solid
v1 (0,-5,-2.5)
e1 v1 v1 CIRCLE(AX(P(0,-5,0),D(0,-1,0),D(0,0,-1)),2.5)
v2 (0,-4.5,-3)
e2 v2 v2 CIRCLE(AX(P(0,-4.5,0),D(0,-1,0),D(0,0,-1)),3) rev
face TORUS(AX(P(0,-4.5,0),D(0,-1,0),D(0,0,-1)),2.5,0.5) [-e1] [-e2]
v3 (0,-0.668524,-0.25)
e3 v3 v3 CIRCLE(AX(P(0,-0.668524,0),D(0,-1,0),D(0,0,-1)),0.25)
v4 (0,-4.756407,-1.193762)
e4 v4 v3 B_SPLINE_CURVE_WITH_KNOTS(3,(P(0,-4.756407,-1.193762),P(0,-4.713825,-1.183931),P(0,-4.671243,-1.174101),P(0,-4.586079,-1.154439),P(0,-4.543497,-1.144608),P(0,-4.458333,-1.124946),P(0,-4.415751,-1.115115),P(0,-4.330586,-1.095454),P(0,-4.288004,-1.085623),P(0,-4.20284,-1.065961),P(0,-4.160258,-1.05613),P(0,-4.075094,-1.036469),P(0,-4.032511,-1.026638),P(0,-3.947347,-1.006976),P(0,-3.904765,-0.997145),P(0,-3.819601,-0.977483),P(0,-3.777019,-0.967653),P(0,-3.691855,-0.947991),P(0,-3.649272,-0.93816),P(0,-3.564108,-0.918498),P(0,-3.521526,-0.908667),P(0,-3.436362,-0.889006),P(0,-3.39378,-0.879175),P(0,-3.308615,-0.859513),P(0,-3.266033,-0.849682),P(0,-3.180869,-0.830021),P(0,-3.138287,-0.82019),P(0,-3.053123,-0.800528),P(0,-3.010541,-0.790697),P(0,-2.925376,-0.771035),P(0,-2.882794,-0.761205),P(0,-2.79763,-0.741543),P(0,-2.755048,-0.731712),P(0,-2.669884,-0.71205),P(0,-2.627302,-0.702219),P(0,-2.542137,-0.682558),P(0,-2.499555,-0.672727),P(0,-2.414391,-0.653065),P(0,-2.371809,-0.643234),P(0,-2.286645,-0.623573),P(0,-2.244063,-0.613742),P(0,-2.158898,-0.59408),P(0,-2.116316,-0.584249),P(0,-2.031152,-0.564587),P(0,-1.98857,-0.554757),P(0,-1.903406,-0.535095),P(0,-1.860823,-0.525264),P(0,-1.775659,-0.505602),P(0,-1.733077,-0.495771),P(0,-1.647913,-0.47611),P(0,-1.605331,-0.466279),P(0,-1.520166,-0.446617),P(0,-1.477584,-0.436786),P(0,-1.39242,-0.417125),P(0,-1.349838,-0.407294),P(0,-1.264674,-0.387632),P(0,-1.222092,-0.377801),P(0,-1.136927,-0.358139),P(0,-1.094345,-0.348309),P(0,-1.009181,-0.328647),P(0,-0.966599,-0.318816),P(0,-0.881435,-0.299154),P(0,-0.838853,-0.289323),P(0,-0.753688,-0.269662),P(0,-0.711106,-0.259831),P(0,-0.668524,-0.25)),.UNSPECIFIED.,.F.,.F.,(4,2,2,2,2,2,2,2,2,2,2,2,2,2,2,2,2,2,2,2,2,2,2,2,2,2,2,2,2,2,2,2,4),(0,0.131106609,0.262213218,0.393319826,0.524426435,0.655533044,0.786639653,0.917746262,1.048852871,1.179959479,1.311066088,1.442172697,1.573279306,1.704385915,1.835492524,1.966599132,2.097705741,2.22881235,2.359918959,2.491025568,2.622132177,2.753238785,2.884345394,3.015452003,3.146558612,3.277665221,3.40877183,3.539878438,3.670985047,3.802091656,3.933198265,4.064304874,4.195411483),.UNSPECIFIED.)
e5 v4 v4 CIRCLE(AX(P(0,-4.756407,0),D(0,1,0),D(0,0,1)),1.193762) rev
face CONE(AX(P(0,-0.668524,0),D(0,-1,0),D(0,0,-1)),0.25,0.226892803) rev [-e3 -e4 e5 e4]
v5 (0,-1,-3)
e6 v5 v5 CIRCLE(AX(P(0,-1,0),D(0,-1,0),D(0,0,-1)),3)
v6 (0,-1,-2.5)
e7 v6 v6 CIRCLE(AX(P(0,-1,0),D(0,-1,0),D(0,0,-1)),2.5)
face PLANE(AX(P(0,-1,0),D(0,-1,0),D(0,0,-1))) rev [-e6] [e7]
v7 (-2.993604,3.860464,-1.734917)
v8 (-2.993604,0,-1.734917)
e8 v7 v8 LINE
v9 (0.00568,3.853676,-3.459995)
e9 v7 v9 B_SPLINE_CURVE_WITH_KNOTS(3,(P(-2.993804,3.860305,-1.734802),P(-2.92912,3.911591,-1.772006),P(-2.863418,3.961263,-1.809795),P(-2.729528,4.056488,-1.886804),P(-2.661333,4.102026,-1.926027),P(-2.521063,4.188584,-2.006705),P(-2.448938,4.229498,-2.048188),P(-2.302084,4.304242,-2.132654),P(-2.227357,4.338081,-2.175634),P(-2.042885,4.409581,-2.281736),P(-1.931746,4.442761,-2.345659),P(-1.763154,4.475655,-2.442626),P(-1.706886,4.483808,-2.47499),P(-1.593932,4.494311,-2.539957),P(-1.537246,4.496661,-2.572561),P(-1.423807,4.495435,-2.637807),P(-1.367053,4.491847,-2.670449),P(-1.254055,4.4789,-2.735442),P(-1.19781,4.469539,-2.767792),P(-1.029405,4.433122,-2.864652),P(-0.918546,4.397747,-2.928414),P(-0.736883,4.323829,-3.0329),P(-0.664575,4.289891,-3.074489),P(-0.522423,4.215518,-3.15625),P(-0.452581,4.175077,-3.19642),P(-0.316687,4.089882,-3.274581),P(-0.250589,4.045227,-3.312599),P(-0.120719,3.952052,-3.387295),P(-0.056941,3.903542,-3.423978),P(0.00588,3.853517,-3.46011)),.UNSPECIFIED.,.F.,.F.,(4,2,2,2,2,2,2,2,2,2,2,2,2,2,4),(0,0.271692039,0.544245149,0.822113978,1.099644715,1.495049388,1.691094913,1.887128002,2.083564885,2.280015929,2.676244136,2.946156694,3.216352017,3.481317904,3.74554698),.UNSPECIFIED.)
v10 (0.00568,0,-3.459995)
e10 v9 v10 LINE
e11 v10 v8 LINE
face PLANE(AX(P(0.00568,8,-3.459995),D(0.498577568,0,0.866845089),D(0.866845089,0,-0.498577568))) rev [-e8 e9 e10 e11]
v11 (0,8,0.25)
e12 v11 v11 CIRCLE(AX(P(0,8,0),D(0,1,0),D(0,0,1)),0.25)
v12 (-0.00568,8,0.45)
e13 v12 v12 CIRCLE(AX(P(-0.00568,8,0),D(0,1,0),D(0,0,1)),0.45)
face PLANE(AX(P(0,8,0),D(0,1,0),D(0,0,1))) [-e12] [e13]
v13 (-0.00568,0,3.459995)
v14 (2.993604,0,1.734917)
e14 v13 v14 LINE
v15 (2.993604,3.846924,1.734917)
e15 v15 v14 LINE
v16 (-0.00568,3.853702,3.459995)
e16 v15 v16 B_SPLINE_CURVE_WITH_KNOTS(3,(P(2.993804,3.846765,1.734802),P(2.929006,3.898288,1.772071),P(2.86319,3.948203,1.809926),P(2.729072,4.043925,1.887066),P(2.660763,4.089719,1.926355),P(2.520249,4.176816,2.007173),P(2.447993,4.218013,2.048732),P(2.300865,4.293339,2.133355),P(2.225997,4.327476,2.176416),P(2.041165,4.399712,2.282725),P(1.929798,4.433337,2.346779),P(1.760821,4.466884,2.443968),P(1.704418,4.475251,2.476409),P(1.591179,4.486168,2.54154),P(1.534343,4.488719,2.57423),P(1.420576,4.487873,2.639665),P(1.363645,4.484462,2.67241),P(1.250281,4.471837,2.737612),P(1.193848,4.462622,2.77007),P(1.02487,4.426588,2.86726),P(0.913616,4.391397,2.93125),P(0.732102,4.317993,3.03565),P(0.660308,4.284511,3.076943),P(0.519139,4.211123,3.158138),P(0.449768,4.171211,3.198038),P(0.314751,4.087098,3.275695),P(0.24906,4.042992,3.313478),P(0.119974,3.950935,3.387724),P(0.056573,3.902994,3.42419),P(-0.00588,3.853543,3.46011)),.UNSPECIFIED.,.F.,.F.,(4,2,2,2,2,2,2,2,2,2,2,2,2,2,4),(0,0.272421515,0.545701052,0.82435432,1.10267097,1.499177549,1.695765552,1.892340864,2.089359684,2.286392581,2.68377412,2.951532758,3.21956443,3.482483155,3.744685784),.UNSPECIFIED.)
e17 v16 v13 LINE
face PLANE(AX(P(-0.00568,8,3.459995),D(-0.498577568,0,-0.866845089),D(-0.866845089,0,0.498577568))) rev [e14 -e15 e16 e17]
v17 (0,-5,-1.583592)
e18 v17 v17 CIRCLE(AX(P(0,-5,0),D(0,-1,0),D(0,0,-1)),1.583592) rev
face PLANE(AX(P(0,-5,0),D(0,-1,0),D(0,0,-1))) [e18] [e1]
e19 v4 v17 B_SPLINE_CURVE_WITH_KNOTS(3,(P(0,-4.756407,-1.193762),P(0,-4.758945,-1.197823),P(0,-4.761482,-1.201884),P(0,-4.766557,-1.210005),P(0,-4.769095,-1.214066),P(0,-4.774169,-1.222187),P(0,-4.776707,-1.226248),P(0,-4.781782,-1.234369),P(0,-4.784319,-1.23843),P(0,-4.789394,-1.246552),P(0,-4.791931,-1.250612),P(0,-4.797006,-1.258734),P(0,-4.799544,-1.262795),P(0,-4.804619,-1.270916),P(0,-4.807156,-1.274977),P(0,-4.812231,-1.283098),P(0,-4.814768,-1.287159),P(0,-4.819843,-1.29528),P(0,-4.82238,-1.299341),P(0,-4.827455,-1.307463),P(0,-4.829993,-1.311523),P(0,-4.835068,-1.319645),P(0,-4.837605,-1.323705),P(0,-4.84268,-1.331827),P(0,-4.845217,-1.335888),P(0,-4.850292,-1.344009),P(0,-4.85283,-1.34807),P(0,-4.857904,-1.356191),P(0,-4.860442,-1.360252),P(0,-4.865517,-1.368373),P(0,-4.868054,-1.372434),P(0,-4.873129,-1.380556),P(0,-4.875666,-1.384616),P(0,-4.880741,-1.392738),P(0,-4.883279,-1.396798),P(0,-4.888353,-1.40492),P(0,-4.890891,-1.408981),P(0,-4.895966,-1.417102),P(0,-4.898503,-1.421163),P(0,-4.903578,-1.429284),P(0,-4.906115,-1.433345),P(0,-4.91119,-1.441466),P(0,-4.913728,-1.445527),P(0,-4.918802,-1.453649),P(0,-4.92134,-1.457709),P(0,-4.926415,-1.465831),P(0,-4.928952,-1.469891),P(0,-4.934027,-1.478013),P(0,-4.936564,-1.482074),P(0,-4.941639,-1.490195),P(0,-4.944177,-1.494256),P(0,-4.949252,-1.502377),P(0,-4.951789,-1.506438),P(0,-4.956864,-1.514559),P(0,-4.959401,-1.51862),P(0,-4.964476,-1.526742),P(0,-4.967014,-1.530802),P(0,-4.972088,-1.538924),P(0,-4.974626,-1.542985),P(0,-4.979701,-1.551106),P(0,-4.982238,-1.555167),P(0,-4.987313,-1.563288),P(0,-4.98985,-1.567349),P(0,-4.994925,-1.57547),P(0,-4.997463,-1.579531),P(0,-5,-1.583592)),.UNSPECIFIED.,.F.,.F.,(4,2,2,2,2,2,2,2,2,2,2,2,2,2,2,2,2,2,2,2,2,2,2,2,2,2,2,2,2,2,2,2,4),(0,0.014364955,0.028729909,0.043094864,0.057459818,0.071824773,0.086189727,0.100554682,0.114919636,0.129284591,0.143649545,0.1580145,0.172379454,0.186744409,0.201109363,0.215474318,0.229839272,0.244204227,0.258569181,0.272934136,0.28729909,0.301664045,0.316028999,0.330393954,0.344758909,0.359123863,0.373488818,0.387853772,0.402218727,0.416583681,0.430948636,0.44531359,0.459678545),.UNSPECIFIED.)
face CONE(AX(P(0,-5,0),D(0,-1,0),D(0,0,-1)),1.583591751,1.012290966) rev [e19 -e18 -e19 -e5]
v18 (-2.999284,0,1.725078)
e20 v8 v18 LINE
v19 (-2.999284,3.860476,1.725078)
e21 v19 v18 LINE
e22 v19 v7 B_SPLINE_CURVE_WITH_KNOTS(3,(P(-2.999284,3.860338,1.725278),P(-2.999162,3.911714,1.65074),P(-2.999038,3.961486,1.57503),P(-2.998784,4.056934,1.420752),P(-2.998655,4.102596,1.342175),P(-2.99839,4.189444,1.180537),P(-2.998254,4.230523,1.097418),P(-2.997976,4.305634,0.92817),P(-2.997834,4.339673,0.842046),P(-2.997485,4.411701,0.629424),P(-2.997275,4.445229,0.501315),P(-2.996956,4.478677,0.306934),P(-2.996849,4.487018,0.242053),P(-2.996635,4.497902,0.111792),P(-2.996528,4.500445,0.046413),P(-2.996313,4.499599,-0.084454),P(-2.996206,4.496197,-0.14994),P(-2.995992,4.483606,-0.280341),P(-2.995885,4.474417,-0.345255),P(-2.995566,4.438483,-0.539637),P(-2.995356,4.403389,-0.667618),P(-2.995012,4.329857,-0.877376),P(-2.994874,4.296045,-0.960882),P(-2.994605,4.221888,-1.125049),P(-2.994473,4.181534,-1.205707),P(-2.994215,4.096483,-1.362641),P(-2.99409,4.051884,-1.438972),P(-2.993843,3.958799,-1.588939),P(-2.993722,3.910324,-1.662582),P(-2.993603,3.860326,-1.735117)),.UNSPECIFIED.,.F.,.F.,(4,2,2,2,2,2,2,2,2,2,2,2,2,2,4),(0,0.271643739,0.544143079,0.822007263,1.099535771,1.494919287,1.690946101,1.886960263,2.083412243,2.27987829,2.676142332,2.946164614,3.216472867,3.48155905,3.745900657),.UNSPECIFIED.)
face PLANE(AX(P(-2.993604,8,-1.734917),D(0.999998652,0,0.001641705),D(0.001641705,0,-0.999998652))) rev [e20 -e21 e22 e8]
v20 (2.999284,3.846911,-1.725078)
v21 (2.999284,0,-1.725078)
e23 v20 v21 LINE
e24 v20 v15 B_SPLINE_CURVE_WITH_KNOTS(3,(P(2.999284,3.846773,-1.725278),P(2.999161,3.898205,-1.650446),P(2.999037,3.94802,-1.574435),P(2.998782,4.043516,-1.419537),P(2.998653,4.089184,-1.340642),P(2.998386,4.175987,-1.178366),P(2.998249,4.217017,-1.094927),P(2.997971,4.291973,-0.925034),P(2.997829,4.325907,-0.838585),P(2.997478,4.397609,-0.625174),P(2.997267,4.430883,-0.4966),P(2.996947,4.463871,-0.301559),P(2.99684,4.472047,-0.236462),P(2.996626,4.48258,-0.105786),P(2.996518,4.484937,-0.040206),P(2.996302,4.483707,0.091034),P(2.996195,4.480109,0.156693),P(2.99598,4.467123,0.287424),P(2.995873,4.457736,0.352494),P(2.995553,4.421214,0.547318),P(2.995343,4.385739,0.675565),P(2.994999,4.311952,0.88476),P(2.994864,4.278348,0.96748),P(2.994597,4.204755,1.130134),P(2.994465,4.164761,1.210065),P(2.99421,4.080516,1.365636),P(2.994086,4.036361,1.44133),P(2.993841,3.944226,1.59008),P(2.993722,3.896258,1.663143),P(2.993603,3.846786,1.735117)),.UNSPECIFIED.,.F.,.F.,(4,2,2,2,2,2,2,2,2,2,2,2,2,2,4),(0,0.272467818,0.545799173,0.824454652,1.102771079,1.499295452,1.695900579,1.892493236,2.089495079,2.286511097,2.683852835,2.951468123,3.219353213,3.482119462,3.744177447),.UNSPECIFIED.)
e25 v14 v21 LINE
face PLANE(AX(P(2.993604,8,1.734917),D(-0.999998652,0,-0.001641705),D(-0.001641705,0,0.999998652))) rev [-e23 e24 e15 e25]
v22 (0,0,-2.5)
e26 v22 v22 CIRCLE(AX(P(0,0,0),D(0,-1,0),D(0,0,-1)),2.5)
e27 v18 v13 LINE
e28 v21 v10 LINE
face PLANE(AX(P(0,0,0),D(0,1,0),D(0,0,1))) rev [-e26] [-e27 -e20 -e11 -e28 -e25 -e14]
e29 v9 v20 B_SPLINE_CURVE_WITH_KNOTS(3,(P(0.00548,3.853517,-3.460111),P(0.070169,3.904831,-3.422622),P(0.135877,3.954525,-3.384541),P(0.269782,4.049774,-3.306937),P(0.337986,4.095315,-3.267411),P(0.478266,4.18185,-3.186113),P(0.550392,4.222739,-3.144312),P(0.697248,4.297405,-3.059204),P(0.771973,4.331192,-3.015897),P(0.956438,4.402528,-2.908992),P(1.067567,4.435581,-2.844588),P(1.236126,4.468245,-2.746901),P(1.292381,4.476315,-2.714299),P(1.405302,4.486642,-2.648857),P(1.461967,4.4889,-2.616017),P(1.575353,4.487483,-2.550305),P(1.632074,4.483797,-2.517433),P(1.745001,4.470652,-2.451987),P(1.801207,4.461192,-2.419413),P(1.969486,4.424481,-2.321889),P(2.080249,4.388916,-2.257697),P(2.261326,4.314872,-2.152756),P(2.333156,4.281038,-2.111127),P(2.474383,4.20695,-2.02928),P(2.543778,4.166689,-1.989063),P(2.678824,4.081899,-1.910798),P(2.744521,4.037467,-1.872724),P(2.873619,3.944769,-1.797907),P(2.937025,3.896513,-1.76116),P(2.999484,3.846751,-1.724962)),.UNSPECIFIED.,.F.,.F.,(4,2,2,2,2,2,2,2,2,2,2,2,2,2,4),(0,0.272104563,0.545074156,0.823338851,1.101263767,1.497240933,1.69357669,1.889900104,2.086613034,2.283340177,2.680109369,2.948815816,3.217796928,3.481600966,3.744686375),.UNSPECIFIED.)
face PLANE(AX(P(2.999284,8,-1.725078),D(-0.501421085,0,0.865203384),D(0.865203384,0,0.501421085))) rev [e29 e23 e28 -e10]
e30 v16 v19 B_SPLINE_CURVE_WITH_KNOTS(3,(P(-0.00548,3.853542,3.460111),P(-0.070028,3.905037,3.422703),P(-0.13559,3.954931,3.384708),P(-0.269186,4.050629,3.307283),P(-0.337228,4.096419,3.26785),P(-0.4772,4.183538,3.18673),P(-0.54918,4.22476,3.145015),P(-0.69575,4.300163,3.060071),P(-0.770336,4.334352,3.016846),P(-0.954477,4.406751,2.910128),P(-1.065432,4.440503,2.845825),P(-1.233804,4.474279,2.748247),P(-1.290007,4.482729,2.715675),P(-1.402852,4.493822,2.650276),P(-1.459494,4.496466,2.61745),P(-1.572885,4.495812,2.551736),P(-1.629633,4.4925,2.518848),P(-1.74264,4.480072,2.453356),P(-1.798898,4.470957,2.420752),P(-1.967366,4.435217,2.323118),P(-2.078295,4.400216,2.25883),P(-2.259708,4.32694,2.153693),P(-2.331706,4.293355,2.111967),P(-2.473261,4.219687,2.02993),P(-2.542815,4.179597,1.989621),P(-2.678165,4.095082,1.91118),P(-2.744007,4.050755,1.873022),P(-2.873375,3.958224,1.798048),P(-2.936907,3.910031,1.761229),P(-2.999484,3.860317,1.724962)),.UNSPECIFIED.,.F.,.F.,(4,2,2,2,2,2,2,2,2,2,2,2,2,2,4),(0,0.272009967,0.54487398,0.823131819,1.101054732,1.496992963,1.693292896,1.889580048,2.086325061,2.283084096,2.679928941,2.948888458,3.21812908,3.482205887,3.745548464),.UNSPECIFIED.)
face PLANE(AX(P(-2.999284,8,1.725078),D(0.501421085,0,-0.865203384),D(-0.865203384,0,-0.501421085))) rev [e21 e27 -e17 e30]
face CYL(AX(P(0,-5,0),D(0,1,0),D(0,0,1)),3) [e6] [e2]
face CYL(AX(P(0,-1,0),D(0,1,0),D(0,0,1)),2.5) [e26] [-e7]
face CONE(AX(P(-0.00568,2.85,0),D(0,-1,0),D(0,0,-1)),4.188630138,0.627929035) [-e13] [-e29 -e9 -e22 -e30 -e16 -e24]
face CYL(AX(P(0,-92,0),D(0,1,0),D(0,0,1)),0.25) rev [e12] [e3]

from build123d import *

# Parameters (mm, degrees)
BOSS_EXTRUDE1_DEPTH = 8
SKETCH3_R           = 2.5
BOSS_EXTRUDE2_DEPTH = 1
SKETCH4_R           = 3
BOSS_EXTRUDE3_DEPTH = 4
FILLET1_R           = 0.5
SKETCH5_R           = 0.25
CUT_EXTRUDE1_DEPTH  = 100
CHAMFER1_SIZE       = 1
CHAMFER1_SIZE2      = 4.331475874
CHAMFER2_SIZE       = 0.25
CHAMFER2_SIZE2      = 0.333591751


with BuildPart() as part:
    # Sketch1 → Boss-Extrude1 (new body)
    with BuildSketch(Plane(origin=(0, 0, 0), x_dir=(1, 0, 0), z_dir=(0, 1, 0))):
        Polygon((-2.999284009, -1.725078384), (-0.0056803, -3.459995337), (2.993603709, -1.734916953), (2.999284009, 1.725078384), (0.0056803, 3.459995337), (-2.993603709, 1.734916953), align=None)
    extrude(amount=BOSS_EXTRUDE1_DEPTH)

    # Sketch2 → Cut-Revolve2 (revolve, cut)
    with BuildSketch(Plane.XY, mode=Mode.PRIVATE) as cut_revolve2_sk:
        Polygon((-0.4556803, 8), (-4.194310439, 2.85), (-4.194310439, 8), align=None)
    revolve(cut_revolve2_sk.sketch.rotate(Axis((-0.0056803, 8, 0), (0, -1, 0)), 90.188125981), axis=Axis((-0.0056803, 8, 0), (0, -1, 0)), mode=Mode.SUBTRACT)

    # Sketch3 → Boss-Extrude2 (add)
    with BuildSketch(Plane.XZ):
        with Locations(Location((0, 0, 0), (0, 0, 270))):
            Circle(SKETCH3_R)
    extrude(amount=BOSS_EXTRUDE2_DEPTH)

    # Sketch4 → Boss-Extrude3 (add)
    with BuildSketch(Plane.XZ.offset(1)):
        with Locations(Location((0, 0, 0), (0, 0, 270))):
            Circle(SKETCH4_R)
    extrude(amount=BOSS_EXTRUDE3_DEPTH)

    # Fillet1
    fillet1_edges = [part.edges().sort_by_distance(p)[0] for p in [
        (0, -5, 3),
    ]]
    fillet(fillet1_edges, radius=FILLET1_R)

    # Sketch5 → Cut-Extrude1 (cut)
    with BuildSketch(Plane(origin=(0, 8, 0), x_dir=(1, 0, 0), z_dir=(0, 1, 0))):
        with Locations(Location((0, 0, 0), (0, 0, 270))):
            Circle(SKETCH5_R)
    extrude(amount=-CUT_EXTRUDE1_DEPTH, mode=Mode.SUBTRACT)

    # Chamfer1
    chamfer1_edges = [part.edges().sort_by_distance(p)[0] for p in [
        (0, -5, -0.25),
    ]]
    chamfer1_side = [part.faces().sort_by_distance(p)[0] for p in [
        (0, -5, 2.429289322),
    ]]
    chamfer(chamfer1_edges, length=CHAMFER1_SIZE, length2=CHAMFER1_SIZE2, reference=chamfer1_side[0])

    # Chamfer2
    chamfer2_edges = [part.edges().sort_by_distance(p)[0] for p in [
        (0, -5, -1.25),
    ]]
    chamfer2_side = [part.faces().sort_by_distance(p)[0] for p in [
        (0, -2.834262063, -0.75),
    ]]
    chamfer(chamfer2_edges, length=CHAMFER2_SIZE, length2=CHAMFER2_SIZE2, reference=chamfer2_side[0])


solid = part.part
